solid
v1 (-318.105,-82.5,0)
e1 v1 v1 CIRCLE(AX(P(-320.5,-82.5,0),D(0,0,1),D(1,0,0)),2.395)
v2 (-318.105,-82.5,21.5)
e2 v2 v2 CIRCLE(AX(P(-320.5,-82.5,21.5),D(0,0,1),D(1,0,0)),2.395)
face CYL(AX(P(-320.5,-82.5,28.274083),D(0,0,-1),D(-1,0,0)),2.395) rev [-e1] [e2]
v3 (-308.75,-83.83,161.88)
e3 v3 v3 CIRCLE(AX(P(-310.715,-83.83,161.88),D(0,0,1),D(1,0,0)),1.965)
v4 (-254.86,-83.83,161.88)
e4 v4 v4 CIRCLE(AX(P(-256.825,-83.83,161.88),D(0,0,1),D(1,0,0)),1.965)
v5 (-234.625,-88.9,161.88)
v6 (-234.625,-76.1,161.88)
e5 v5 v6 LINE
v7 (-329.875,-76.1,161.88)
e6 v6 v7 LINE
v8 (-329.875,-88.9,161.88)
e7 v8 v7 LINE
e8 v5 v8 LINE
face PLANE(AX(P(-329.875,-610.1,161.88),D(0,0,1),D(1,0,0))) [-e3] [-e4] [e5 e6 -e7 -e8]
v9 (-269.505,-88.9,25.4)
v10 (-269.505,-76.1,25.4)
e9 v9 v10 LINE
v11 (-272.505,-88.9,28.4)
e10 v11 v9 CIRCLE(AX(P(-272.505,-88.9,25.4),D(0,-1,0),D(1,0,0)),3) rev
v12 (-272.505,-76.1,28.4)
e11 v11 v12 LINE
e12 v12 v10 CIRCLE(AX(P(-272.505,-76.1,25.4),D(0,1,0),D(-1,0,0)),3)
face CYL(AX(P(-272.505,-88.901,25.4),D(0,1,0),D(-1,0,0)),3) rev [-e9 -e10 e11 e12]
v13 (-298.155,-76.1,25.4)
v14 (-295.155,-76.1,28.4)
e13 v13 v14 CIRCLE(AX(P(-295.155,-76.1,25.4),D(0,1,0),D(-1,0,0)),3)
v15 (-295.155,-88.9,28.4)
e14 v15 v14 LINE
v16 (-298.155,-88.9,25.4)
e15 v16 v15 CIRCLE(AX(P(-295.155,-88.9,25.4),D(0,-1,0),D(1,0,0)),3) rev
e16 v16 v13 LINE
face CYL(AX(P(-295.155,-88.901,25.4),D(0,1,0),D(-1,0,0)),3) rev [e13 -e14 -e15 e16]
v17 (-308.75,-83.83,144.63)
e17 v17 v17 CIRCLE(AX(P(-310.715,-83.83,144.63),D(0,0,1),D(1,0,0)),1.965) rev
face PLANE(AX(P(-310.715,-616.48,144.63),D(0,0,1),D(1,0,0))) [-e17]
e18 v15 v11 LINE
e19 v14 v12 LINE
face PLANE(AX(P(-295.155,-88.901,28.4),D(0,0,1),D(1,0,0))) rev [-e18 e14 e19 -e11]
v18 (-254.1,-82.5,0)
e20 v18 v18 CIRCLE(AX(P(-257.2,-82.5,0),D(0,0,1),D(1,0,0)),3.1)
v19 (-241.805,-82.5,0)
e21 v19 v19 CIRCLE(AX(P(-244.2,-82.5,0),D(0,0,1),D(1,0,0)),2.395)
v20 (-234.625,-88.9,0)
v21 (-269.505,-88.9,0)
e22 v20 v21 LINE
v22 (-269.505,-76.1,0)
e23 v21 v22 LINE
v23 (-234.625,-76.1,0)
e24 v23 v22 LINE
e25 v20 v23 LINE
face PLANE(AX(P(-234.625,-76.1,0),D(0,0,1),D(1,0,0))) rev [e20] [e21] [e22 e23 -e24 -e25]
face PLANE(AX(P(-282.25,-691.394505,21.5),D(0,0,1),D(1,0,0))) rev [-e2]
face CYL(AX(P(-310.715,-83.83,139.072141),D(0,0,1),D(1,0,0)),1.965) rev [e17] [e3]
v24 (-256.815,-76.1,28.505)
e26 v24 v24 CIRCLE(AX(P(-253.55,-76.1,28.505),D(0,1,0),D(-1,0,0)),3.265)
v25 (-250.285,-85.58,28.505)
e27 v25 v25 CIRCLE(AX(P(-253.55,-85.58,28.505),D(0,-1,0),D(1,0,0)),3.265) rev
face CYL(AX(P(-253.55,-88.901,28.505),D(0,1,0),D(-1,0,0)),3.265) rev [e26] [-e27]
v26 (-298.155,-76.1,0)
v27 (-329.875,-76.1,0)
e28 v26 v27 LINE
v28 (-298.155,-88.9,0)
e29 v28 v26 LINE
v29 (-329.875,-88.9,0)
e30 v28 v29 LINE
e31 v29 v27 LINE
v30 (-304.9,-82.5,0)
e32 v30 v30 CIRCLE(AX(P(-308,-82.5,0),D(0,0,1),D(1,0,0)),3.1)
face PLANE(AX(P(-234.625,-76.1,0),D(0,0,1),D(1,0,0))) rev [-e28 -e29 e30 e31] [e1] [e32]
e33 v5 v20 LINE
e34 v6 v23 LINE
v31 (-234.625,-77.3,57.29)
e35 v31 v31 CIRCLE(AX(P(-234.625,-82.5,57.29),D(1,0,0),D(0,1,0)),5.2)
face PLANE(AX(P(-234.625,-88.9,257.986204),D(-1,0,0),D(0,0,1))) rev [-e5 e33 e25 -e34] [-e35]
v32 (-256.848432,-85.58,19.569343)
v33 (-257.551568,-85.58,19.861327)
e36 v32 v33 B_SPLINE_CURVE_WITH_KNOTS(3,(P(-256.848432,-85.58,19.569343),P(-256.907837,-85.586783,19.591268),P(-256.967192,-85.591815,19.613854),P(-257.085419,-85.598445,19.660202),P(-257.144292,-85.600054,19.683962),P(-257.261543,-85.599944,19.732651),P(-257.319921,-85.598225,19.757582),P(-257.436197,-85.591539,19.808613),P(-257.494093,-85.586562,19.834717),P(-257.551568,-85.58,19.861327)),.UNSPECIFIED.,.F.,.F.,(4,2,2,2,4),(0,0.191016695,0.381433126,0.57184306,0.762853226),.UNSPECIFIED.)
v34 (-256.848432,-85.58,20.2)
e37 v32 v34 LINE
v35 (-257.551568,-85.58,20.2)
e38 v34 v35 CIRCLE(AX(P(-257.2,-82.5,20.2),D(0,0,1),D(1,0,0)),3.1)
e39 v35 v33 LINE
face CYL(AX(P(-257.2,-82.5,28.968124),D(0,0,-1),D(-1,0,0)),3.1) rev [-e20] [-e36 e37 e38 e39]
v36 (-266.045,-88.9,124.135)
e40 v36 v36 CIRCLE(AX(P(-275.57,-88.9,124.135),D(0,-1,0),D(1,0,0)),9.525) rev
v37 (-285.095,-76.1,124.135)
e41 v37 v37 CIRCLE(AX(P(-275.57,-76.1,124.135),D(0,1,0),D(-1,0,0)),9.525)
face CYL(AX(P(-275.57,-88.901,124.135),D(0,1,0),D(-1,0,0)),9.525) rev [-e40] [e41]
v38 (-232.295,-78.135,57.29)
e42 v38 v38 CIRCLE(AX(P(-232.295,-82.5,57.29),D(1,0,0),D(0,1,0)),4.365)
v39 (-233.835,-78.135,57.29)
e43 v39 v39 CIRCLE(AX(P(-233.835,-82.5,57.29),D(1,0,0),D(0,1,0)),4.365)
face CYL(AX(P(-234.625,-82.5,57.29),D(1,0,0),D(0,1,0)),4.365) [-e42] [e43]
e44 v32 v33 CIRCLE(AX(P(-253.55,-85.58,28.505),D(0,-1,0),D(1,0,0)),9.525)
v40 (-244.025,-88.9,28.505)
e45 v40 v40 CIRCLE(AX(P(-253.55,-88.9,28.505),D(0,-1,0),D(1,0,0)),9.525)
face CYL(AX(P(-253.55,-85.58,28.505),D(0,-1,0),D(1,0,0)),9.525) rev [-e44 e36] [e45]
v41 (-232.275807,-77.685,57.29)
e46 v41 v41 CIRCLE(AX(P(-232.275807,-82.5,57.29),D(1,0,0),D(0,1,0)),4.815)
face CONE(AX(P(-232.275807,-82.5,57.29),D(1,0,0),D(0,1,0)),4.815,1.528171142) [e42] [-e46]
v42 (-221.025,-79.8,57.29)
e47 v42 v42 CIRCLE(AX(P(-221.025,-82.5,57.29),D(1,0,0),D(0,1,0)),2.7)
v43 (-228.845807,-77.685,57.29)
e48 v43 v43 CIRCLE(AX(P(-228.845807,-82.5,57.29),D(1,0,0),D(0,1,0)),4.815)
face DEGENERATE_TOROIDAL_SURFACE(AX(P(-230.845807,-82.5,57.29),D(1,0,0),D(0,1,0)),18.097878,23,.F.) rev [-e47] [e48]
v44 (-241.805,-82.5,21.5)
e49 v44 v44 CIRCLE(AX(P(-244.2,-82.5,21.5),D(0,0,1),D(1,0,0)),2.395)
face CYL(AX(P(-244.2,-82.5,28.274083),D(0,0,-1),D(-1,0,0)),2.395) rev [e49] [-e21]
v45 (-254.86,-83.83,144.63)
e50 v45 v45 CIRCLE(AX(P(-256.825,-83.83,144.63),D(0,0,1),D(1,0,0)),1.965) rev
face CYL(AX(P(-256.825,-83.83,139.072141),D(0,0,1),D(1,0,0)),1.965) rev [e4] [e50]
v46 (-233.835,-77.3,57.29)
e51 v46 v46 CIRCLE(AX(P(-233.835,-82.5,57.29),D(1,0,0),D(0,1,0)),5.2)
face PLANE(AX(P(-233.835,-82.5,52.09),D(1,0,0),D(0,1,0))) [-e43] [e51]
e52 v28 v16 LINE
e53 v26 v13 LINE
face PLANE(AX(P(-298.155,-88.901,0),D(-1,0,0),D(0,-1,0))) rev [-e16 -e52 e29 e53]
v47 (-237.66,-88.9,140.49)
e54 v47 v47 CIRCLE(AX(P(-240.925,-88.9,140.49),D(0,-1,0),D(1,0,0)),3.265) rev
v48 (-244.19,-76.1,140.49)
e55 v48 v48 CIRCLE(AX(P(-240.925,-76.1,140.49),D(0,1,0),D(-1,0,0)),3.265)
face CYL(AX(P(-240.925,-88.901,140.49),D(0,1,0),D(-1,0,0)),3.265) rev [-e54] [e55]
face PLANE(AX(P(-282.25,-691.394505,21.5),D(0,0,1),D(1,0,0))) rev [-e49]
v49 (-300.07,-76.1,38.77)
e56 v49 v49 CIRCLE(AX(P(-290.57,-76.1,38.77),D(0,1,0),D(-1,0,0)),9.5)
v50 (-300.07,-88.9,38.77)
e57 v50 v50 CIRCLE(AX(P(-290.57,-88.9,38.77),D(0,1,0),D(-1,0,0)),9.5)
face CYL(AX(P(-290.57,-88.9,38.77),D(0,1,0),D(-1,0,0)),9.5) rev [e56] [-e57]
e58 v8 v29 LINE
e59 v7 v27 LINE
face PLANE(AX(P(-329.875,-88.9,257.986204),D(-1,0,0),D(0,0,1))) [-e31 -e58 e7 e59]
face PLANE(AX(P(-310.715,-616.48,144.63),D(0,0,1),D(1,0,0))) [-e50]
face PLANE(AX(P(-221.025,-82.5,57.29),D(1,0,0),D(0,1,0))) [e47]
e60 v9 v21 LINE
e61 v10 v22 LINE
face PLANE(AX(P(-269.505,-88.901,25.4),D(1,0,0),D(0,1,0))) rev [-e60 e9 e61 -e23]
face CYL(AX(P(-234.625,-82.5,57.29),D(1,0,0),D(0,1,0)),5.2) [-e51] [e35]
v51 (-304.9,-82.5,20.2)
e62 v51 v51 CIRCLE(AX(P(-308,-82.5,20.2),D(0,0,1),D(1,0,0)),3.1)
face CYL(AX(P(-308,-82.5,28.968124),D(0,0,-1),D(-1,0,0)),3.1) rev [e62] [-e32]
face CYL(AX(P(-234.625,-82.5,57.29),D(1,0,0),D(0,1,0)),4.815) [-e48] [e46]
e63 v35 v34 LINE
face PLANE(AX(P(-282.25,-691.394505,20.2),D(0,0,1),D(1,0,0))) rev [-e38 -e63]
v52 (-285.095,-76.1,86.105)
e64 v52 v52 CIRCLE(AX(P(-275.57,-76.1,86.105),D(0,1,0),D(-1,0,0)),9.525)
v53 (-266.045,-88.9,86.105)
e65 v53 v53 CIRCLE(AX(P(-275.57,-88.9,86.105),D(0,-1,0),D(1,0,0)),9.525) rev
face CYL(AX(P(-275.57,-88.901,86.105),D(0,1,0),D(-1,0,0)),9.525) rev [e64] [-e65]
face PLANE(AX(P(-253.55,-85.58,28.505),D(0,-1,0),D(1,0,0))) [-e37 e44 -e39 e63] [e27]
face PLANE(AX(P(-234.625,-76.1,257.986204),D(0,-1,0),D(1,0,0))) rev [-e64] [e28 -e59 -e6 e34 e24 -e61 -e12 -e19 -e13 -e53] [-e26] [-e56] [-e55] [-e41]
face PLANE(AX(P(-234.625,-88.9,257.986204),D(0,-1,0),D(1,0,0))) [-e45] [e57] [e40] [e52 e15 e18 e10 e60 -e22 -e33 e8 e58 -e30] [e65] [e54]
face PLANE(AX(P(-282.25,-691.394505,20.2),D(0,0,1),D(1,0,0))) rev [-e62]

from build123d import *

# Parameters (mm, degrees)
SKETCH1_W           = 95.25
SKETCH1_H           = 12.8
BOSS_EXTRUDE1_DEPTH = 161.88
SKETCH1_3_R         = 3.1
CUT_EXTRUDE1_DEPTH  = 20.2
SKETCH1_4_R         = 2.395
CUT_EXTRUDE2_DEPTH  = 21.5
CUT_EXTRUDE3_REACH  = 14.8
SKETCH2_R           = 9.525
SKETCH2_R_2         = 3.265
SKETCH3_R           = 3.265
SKETCH3_R_2         = 9.525
CUT_EXTRUDE4_DEPTH  = 3.32
CUT_EXTRUDE5_START  = -17.25
SKETCH4_R           = 1.965
CUT_EXTRUDE5_DEPTH  = 17.25
SKETCH6_R           = 9.5
CUT_EXTRUDE6_DEPTH  = 13.8000001


with BuildPart() as part:
    # Sketch1 → Boss-Extrude1 (new body)
    with BuildSketch(Plane.XY):
        with Locations((-282.25, -82.5)):
            Rectangle(SKETCH1_W, SKETCH1_H)
    extrude(amount=BOSS_EXTRUDE1_DEPTH)

    # Sketch1<3> → Cut-Extrude1 (cut)
    with BuildSketch(Plane.XY):
        with Locations((-308, -82.5)):
            Circle(SKETCH1_3_R)
        with Locations((-257.2, -82.5)):
            Circle(SKETCH1_3_R)
    extrude(amount=CUT_EXTRUDE1_DEPTH, mode=Mode.SUBTRACT)

    # Sketch1<4> → Cut-Extrude2 (cut)
    with BuildSketch(Plane.XY):
        with Locations((-320.5, -82.5)):
            Circle(SKETCH1_4_R)
        with Locations((-244.2, -82.5)):
            Circle(SKETCH1_4_R)
    extrude(amount=CUT_EXTRUDE2_DEPTH, mode=Mode.SUBTRACT)

    # Sketch2 → Cut-Extrude3 (cut, up to next)
    with BuildSketch(Plane(origin=(0, -76.1, 0), x_dir=(-1, 0, 0), z_dir=(0, 1, 0)), mode=Mode.PRIVATE) as cut_extrude3_sk1:
        with Locations((275.57, 86.105)):
            Circle(SKETCH2_R)
    cut_extrude3_tool1 = extrude(cut_extrude3_sk1.sketch, amount=-CUT_EXTRUDE3_REACH, mode=Mode.PRIVATE) & part.part
    add(cut_extrude3_tool1.solids().sort_by_distance((-275.57, -76.1, 86.105))[0], mode=Mode.SUBTRACT)
    # Sketch2 → Cut-Extrude3 (cut, up to next)
    with BuildSketch(Plane(origin=(0, -76.1, 0), x_dir=(-1, 0, 0), z_dir=(0, 1, 0)), mode=Mode.PRIVATE) as cut_extrude3_sk2:
        with Locations((275.57, 124.135)):
            Circle(SKETCH2_R)
    cut_extrude3_tool2 = extrude(cut_extrude3_sk2.sketch, amount=-CUT_EXTRUDE3_REACH, mode=Mode.PRIVATE) & part.part
    add(cut_extrude3_tool2.solids().sort_by_distance((-275.57, -76.1, 124.135))[0], mode=Mode.SUBTRACT)
    # Sketch2 → Cut-Extrude3 (cut, up to next)
    with BuildSketch(Plane(origin=(0, -76.1, 0), x_dir=(-1, 0, 0), z_dir=(0, 1, 0)), mode=Mode.PRIVATE) as cut_extrude3_sk3:
        with Locations((253.55, 28.505)):
            Circle(SKETCH2_R_2)
    cut_extrude3_tool3 = extrude(cut_extrude3_sk3.sketch, amount=-CUT_EXTRUDE3_REACH, mode=Mode.PRIVATE) & part.part
    add(cut_extrude3_tool3.solids().sort_by_distance((-253.55, -76.1, 28.505))[0], mode=Mode.SUBTRACT)
    # Sketch2 → Cut-Extrude3 (cut, up to next)
    with BuildSketch(Plane(origin=(0, -76.1, 0), x_dir=(-1, 0, 0), z_dir=(0, 1, 0)), mode=Mode.PRIVATE) as cut_extrude3_sk4:
        with Locations((240.925, 140.49)):
            Circle(SKETCH2_R_2)
    cut_extrude3_tool4 = extrude(cut_extrude3_sk4.sketch, amount=-CUT_EXTRUDE3_REACH, mode=Mode.PRIVATE) & part.part
    add(cut_extrude3_tool4.solids().sort_by_distance((-240.925, -76.1, 140.49))[0], mode=Mode.SUBTRACT)
    # Sketch2 → Cut-Extrude3 (cut, up to next)
    with BuildSketch(Plane(origin=(0, -76.1, 0), x_dir=(-1, 0, 0), z_dir=(0, 1, 0)), mode=Mode.PRIVATE) as cut_extrude3_sk5:
        with BuildLine():
            Line((269.505, 25.4), (269.505, 0))
            Line((269.505, 0), (298.155, 0))
            Line((298.155, 0), (298.155, 25.4))
            ThreePointArc((298.155, 25.4), (297.276320344, 27.521320344), (295.155, 28.4))
            Line((295.155, 28.4), (272.505, 28.4))
            ThreePointArc((272.505, 28.4), (270.383679656, 27.521320344), (269.505, 25.4))
        make_face()
    cut_extrude3_tool5 = extrude(cut_extrude3_sk5.sketch, amount=-CUT_EXTRUDE3_REACH, mode=Mode.PRIVATE) & part.part
    add(cut_extrude3_tool5.solids().sort_by_distance((-283.83, -76.1, 14.135461))[0], mode=Mode.SUBTRACT)

    # Sketch3 → Cut-Extrude4 (cut)
    with BuildSketch(Plane.XZ.offset(88.9)):
        with Locations((-240.925, 140.49)):
            Circle(SKETCH3_R)
        with Locations((-253.55, 28.505)):
            Circle(SKETCH3_R_2)
    extrude(amount=-CUT_EXTRUDE4_DEPTH, mode=Mode.SUBTRACT)

    # Sketch4 → Cut-Extrude5 (cut)
    with BuildSketch(Plane.XY.offset(161.88).offset(CUT_EXTRUDE5_START)):
        with Locations((-256.825, -83.83)):
            Circle(SKETCH4_R)
        with Locations((-310.715, -83.83)):
            Circle(SKETCH4_R)
    extrude(amount=CUT_EXTRUDE5_DEPTH, mode=Mode.SUBTRACT)

    # Sketch5 → Revolve1 (revolve)
    with BuildSketch(Plane(origin=(0, -82.5, 0), x_dir=(-1, 0, 0), z_dir=(0, 1, 0))):
        with BuildLine():
            Line((234.625, 57.29), (221.025, 57.29))
            Line((221.025, 57.29), (221.025, 54.59))
            ThreePointArc((221.025, 54.59), (224.841543887, 53.18542762), (228.845807042, 52.475))
            Line((228.845807042, 52.475), (232.275807042, 52.475))
            Line((232.275807042, 52.475), (232.295, 52.925))
            Line((232.295, 52.925), (233.835, 52.925))
            Line((233.835, 52.925), (233.835, 52.09))
            Line((233.835, 52.09), (234.625, 52.09))
            Line((234.625, 52.09), (234.625, 57.29))
        make_face()
    revolve(axis=Axis((-234.625, -82.5, 57.29), (-1, 0, 0)))

    # Sketch6 → Cut-Extrude6 (cut, through all)
    with BuildSketch(Plane(origin=(0, -76.1, 0), x_dir=(-1, 0, 0), z_dir=(0, 1, 0))):
        with Locations((290.57, 38.77)):
            Circle(SKETCH6_R)
    extrude(amount=-CUT_EXTRUDE6_DEPTH, mode=Mode.SUBTRACT)


solid = part.part
